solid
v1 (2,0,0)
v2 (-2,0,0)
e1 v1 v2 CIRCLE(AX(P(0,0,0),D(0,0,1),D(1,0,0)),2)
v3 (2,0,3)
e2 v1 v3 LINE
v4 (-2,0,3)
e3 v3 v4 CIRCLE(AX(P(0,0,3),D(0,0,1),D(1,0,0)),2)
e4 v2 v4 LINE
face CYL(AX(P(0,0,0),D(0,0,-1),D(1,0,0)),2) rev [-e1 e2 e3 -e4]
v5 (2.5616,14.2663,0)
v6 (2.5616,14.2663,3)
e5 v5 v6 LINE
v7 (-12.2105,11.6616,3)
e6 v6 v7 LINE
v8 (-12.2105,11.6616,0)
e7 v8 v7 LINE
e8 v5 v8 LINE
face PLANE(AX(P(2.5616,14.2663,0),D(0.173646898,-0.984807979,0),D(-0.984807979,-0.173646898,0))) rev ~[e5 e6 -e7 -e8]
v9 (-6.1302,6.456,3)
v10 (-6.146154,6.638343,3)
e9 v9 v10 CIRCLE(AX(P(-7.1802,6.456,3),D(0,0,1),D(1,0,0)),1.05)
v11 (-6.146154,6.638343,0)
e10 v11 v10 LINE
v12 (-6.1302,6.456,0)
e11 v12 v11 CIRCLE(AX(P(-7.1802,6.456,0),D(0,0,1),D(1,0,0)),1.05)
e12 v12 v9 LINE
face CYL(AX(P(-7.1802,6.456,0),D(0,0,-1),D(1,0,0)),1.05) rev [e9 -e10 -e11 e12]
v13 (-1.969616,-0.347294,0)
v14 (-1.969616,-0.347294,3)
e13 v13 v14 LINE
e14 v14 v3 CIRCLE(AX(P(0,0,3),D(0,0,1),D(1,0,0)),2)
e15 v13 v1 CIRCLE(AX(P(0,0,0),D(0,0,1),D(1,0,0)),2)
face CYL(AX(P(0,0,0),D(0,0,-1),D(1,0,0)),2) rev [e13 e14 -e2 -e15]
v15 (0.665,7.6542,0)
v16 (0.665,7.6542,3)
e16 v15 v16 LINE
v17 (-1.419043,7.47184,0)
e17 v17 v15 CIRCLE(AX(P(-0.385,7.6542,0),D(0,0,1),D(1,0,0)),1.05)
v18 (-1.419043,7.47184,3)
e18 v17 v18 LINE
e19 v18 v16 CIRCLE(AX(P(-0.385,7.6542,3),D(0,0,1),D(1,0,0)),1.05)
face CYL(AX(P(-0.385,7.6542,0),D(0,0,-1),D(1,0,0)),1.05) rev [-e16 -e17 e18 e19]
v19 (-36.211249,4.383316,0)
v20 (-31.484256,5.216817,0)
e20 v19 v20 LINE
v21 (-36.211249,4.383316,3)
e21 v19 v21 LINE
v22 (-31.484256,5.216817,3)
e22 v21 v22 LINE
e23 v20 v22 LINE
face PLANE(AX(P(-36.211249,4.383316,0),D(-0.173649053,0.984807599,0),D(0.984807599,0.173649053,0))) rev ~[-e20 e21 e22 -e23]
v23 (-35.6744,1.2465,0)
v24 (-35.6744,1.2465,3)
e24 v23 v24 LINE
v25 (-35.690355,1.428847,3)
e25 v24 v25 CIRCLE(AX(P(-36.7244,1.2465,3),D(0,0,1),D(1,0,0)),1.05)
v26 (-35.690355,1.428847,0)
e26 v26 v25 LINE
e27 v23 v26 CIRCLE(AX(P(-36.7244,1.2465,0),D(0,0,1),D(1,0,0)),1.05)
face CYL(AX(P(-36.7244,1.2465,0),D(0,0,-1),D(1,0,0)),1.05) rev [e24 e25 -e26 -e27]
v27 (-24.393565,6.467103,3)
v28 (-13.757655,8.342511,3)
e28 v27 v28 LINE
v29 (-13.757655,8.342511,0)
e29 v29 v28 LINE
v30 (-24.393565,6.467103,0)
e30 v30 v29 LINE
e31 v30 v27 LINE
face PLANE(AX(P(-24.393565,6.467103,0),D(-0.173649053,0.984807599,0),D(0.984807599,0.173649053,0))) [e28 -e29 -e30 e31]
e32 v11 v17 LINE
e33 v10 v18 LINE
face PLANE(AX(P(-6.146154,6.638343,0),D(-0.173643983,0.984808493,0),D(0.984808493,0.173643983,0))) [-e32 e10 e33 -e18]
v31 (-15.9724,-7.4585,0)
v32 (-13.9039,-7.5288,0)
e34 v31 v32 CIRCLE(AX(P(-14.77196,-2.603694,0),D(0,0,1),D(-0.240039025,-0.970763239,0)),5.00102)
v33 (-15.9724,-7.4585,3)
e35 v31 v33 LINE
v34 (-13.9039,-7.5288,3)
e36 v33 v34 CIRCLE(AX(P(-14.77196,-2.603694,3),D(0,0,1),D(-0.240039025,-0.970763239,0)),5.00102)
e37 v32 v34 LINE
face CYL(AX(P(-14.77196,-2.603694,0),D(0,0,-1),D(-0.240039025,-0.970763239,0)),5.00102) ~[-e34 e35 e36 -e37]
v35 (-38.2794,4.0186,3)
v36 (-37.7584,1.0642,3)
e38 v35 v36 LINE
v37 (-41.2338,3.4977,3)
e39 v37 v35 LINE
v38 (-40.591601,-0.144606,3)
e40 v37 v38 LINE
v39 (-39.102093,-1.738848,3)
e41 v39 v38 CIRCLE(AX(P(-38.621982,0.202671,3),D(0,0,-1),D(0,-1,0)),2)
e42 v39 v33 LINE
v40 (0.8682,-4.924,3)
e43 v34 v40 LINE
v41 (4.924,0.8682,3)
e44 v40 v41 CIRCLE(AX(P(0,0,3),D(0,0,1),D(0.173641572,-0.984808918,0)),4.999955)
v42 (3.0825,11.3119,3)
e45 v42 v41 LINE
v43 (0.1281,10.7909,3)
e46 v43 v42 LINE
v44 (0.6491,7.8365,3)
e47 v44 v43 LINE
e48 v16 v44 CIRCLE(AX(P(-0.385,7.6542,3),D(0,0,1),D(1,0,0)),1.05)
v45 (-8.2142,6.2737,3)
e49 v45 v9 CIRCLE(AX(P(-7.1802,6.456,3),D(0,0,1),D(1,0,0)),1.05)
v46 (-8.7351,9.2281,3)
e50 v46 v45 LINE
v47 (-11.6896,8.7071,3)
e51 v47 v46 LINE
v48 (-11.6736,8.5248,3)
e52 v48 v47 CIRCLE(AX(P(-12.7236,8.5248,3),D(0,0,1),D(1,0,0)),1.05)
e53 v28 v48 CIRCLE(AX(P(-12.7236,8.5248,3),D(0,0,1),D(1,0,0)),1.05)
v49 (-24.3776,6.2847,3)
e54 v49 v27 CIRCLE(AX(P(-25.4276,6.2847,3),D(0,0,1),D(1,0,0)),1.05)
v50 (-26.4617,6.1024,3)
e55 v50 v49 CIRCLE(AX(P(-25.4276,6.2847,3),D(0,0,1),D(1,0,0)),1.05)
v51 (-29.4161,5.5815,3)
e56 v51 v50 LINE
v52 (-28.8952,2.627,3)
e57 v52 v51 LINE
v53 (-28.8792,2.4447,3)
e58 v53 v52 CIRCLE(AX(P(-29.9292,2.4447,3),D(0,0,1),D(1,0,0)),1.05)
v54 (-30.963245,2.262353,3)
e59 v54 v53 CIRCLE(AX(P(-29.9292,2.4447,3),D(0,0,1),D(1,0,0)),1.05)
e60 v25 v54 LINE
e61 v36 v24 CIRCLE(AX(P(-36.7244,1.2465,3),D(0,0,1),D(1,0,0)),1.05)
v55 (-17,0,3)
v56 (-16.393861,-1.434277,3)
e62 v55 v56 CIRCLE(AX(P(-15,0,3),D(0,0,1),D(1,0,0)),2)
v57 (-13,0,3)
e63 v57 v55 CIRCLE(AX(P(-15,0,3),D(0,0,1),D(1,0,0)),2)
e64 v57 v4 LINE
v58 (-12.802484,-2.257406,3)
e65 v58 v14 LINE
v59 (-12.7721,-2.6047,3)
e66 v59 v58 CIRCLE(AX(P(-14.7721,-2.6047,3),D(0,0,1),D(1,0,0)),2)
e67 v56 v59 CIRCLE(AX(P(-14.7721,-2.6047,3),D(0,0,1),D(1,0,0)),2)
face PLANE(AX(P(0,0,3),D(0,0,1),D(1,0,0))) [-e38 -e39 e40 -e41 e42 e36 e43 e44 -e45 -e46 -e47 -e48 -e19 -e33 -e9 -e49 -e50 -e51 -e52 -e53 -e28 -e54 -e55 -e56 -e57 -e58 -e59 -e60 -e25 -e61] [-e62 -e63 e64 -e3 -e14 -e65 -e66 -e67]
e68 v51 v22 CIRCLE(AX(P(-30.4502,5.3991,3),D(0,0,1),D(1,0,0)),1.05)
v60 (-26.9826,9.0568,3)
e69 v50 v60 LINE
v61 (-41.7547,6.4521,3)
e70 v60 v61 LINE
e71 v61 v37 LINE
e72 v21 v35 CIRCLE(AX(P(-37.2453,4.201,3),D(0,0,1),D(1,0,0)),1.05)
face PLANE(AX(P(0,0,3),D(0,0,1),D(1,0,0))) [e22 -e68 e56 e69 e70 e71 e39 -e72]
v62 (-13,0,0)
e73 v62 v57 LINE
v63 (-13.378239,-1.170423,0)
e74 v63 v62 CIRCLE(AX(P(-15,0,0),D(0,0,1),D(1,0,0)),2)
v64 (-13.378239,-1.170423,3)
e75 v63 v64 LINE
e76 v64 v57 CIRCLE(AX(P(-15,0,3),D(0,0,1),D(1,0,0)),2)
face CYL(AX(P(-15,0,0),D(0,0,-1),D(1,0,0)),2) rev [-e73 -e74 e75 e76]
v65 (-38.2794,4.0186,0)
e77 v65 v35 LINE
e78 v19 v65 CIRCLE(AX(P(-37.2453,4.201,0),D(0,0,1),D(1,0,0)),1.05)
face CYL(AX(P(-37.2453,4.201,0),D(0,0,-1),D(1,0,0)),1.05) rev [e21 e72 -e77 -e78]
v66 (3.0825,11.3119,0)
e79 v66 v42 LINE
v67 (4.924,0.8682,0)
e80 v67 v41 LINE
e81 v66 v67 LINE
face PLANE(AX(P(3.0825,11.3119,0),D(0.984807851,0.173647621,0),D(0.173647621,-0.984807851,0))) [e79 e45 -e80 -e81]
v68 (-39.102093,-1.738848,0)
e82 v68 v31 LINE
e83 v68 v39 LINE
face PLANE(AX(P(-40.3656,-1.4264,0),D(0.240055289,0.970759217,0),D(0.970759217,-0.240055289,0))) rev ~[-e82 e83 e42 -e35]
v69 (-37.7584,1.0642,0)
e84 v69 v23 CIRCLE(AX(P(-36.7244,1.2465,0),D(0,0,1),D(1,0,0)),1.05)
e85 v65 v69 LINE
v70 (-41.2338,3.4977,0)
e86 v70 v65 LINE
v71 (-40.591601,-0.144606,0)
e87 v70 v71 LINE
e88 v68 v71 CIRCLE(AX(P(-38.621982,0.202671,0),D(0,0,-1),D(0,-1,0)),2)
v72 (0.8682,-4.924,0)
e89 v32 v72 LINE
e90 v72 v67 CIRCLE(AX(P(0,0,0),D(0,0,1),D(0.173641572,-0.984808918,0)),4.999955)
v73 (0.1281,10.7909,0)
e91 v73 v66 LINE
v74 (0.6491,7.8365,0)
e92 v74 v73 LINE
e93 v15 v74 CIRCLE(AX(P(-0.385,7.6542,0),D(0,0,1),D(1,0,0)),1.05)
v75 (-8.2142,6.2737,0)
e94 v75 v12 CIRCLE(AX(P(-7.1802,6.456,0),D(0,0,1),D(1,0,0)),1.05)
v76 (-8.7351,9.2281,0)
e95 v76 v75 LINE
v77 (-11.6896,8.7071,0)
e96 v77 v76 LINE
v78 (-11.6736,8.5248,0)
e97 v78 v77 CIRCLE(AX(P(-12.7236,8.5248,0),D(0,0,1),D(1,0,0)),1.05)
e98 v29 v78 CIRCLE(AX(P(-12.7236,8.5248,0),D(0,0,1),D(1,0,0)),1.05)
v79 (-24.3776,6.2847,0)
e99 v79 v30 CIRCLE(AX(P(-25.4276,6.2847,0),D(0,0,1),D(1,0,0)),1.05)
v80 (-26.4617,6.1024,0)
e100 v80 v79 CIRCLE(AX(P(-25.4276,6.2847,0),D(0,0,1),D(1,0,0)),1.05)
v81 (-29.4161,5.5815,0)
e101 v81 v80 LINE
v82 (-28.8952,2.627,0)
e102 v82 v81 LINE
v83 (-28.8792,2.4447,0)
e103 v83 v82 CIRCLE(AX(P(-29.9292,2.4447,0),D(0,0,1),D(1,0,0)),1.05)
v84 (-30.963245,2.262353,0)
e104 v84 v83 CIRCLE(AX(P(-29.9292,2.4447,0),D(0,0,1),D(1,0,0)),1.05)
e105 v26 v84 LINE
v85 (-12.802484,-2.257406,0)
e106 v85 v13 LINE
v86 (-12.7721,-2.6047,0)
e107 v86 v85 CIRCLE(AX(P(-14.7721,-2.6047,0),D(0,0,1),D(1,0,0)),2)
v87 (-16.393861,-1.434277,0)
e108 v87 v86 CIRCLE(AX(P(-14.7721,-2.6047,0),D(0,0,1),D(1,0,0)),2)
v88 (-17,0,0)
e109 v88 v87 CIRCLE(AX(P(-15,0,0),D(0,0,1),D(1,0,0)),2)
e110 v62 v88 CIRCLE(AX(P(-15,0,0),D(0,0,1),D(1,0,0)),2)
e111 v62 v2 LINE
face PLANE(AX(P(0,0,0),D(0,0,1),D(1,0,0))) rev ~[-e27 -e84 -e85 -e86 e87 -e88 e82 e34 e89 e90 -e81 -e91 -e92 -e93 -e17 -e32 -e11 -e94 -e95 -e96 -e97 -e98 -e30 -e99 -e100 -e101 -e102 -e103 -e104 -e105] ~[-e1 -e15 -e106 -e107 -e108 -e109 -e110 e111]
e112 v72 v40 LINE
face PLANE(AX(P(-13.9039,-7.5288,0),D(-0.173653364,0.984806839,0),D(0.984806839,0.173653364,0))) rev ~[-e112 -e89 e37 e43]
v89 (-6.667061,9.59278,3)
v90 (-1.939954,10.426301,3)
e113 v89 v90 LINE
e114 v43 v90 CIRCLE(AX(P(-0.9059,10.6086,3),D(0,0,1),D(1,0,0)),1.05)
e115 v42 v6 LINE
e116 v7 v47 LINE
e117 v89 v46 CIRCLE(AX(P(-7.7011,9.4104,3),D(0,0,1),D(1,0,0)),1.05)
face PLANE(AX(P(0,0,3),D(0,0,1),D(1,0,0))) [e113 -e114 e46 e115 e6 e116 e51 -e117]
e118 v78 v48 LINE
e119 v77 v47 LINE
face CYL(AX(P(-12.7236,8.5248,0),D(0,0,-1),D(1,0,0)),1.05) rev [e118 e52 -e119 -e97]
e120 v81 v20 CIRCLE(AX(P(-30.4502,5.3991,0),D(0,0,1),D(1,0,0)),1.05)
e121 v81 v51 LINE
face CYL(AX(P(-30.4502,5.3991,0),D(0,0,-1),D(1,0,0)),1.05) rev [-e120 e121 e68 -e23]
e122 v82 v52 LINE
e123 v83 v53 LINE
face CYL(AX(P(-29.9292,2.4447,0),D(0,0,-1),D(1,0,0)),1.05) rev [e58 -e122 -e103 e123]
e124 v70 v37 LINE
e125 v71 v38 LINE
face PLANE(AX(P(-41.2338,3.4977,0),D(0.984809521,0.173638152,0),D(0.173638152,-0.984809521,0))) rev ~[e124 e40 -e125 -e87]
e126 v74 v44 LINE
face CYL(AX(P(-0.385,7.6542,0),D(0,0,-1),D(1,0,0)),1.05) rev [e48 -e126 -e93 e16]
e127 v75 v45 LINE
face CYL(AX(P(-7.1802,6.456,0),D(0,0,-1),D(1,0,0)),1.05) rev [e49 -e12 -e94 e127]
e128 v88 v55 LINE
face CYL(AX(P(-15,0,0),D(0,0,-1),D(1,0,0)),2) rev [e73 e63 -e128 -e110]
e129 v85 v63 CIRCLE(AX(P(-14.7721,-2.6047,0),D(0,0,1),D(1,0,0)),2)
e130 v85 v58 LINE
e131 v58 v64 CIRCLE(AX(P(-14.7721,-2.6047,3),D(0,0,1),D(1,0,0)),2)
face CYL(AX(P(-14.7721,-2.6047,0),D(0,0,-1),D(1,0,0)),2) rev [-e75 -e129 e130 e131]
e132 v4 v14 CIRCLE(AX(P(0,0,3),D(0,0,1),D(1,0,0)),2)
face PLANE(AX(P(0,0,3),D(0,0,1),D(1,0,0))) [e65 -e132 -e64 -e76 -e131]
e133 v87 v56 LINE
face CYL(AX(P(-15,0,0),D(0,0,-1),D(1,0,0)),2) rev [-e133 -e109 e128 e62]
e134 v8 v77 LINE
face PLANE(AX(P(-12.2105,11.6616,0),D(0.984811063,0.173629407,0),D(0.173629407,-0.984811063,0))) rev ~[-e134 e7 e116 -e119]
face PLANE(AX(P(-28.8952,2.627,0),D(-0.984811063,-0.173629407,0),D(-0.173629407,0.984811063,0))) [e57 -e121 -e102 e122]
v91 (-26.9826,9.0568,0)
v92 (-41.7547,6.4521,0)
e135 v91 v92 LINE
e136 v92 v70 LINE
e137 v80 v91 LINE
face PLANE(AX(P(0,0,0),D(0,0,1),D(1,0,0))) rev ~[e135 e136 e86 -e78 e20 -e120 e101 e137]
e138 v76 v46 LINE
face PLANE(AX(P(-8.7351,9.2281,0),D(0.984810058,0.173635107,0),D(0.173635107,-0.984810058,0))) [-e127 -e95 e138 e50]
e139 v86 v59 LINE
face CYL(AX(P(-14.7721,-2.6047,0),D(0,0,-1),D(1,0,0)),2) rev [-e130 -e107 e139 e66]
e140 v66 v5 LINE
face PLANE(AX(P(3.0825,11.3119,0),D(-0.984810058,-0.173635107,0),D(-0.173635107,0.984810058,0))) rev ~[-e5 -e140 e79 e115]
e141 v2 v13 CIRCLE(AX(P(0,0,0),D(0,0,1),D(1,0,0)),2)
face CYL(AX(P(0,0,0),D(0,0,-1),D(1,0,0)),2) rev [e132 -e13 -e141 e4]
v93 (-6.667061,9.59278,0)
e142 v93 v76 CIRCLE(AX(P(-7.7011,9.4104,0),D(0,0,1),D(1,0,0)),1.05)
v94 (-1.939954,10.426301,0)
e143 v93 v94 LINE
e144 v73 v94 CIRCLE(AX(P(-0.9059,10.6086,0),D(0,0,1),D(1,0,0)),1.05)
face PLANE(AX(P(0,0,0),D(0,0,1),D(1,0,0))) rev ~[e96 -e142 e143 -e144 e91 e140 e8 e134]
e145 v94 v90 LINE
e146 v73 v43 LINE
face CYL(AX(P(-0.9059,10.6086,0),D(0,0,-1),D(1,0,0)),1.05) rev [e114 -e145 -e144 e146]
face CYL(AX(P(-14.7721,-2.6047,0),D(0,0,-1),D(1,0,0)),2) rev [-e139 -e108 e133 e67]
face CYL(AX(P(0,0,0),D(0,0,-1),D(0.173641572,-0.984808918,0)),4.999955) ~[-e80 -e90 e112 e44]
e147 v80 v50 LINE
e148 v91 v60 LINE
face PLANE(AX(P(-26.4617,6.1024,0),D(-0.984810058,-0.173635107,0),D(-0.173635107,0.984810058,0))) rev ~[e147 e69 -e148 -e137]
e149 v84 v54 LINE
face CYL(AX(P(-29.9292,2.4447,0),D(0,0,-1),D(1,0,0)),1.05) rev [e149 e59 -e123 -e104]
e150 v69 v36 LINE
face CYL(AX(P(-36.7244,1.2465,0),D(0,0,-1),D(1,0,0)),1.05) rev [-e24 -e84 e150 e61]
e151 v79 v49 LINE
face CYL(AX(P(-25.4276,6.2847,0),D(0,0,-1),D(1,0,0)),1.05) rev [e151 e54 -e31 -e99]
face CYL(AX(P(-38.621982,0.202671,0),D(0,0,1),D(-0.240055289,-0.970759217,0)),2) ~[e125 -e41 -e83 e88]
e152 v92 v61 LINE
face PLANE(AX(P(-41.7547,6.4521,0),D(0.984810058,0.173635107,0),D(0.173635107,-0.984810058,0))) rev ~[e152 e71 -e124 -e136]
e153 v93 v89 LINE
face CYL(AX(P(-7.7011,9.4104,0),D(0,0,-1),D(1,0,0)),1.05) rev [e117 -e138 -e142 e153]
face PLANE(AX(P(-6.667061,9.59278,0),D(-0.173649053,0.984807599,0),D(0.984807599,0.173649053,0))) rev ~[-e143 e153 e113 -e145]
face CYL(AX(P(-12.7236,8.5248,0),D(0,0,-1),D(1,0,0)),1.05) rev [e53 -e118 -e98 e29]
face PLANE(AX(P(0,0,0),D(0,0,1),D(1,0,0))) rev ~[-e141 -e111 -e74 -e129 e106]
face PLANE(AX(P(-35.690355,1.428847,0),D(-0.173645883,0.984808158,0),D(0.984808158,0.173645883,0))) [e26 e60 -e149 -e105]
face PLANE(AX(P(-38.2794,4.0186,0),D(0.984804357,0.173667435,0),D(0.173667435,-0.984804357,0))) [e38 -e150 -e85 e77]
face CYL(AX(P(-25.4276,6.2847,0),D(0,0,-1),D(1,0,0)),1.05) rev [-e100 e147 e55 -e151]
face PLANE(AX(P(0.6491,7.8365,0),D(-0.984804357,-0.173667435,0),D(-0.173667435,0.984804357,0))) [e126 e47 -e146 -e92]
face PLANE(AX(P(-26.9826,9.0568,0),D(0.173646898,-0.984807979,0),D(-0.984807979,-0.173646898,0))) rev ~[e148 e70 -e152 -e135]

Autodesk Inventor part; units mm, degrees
ref_plane "YZ Plane" through (0, 0, 0) normal (1, 0, 0) x (0, 1, 0)
ref_plane "XZ Plane" through (0, 0, 0) normal (0, 1, 0) x (-1, 0, 0)
ref_plane "XY Plane" through (0, 0, 0) normal (0, 0, 1) x (1, 0, 0)
sketch "スケッチ1" plane through (0, 0, 0) normal (0, 0, 1) x (1, 0, 0)
  circle A0 centre (0, 0) radius 2
  circle A1 centre (-15, 0) radius 2
  line L0 (-41.2338, 3.4977) -> (3.0825, 11.3119)
  line L1 (-18.0894, 0) -> (0, 0)
  line L2 (3.0825, 11.3119) -> (2.5616, 14.2663)
  line L3 (2.5616, 14.2663) -> (-12.2105, 11.6616)
  line L4 (-12.2105, 11.6616) -> (-11.6896, 8.7071)
  line L5 (-26.4617, 6.1024) -> (-26.9826, 9.0568)
  line L6 (-26.9826, 9.0568) -> (-41.7547, 6.4521)
  line L7 (-41.7547, 6.4521) -> (-41.2338, 3.4977)
  line L8 (-41.2338, 3.4977) -> (-40.3656, -1.4264)
  line L9 (-40.3656, -1.4264) -> (-15.9724, -7.4585)
  arc A2 (0.8682, -4.924) -> (4.924, 0.8682) centre (0, 0) ccw
  line L10 (-13.9039, -7.5288) -> (0.8682, -4.924)
  line L11 (3.0825, 11.3119) -> (4.924, 0.8682)
  line L12 (-38.2794, 4.0186) -> (-37.7584, 1.0642)
  line L13 (-37.7584, 1.0642) -> (-28.8952, 2.627)
  line L14 (-28.8952, 2.627) -> (-29.4161, 5.5815)
  line L15 (-8.7351, 9.2281) -> (-8.2142, 6.2737)
  line L16 (-8.2142, 6.2737) -> (0.6491, 7.8365)
  line L17 (0.6491, 7.8365) -> (0.1281, 10.7909)
  circle A3 centre (-37.2453, 4.201) radius 1.05
  circle A4 centre (-30.4502, 5.3991) radius 1.05
  circle A5 centre (-29.9292, 2.4447) radius 1.05
  circle A6 centre (-36.7244, 1.2465) radius 1.05
  circle A7 centre (-7.7011, 9.4104) radius 1.05
  circle A8 centre (-0.9059, 10.6086) radius 1.05
  circle A9 centre (-0.385, 7.6542) radius 1.05
  circle A10 centre (-7.1802, 6.456) radius 1.05
  circle A11 centre (-25.4276, 6.2847) radius 1.05
  circle A12 centre (-12.7236, 8.5248) radius 1.05
  arc A13 (-15.9724, -7.4585) -> (-13.9039, -7.5288) centre (-14.7721, -2.6047) ccw
  line L18 (-14.7721, -2.6047) -> (0, 0)
  circle A14 centre (-14.7721, -2.6047) radius 2
  point P0 (-11.6896, 8.7071)
  point P1 (-13.7577, 8.3425)
  point P2 (-24.3936, 6.4671)
  point P3 (-26.4617, 6.1024)
  point P4 (-6.667, 9.5927)
  point P5 (-1.94, 10.4262)
  point P6 (0.1281, 10.7909)
  point P7 (-1.419, 7.4718)
  point P8 (-6.1461, 6.6383)
  point P9 (-8.2142, 6.2737)
  point P10 (-29.4161, 5.5815)
  point P11 (-28.8952, 2.627)
  point P12 (-30.9633, 2.2624)
  point P13 (-35.6903, 1.4289)
  point P14 (-37.7584, 1.0642)
  point P15 (-38.2794, 4.0186)
  point P16 (-36.2113, 4.3833)
  point P17 (-31.4842, 5.2168)
  point P18 (-16.3939, -1.4343)
  point P19 (-13.3783, -1.1704)
  dimension "d0" = 4
  dimension "d1" = 4
  dimension "d2" = 15
  dimension "d4" = 10
  dimension "d5" = 3
  dimension "d6" = 15
  dimension "d7" = 3
  dimension "d8" = 15
  dimension "d9" = 10
  dimension "d10" = 3
  dimension "d11" = 9
  dimension "d12" = 3
  dimension "d13" = 9
  dimension "d14" = 3
  dimension "d15" = 3
  dimension "d16" = 5
  dimension "d19" = 15
  dimension "d20" = 2.1
  dimension "d21" = 2.1
  dimension "d22" = 2.1
  dimension "d23" = 2.1
  dimension "d24" = 2.1
  dimension "d25" = 2.1
  dimension "d26" = 2.1
  dimension "d27" = 2.1
  dimension "d28" = 2.1
  dimension "d29" = 2.1
  dimension "d33" = 5
  dimension "d34" = 15
  dimension "d35" = 10
  dimension "d36" = 4
  dimension "d37" = 8
extrude "押し出し1" add sketch "スケッチ1" along normal blind 3 contours A0 L18 A14 A1 L1 | L7 L6 L5 L0 A4 A3 | L0 L12 A6 L13 A5 L14 A11 A12 L15 A10 L16 A9 L17 L11 A2 L10 A13 L9 L8 | L4 L3 L2 L0 A8 A7
fillet "フィレット1" radius 2 1 edges at (-40.3656, -1.4264, 1.5)
properties part number "シールド根本"
